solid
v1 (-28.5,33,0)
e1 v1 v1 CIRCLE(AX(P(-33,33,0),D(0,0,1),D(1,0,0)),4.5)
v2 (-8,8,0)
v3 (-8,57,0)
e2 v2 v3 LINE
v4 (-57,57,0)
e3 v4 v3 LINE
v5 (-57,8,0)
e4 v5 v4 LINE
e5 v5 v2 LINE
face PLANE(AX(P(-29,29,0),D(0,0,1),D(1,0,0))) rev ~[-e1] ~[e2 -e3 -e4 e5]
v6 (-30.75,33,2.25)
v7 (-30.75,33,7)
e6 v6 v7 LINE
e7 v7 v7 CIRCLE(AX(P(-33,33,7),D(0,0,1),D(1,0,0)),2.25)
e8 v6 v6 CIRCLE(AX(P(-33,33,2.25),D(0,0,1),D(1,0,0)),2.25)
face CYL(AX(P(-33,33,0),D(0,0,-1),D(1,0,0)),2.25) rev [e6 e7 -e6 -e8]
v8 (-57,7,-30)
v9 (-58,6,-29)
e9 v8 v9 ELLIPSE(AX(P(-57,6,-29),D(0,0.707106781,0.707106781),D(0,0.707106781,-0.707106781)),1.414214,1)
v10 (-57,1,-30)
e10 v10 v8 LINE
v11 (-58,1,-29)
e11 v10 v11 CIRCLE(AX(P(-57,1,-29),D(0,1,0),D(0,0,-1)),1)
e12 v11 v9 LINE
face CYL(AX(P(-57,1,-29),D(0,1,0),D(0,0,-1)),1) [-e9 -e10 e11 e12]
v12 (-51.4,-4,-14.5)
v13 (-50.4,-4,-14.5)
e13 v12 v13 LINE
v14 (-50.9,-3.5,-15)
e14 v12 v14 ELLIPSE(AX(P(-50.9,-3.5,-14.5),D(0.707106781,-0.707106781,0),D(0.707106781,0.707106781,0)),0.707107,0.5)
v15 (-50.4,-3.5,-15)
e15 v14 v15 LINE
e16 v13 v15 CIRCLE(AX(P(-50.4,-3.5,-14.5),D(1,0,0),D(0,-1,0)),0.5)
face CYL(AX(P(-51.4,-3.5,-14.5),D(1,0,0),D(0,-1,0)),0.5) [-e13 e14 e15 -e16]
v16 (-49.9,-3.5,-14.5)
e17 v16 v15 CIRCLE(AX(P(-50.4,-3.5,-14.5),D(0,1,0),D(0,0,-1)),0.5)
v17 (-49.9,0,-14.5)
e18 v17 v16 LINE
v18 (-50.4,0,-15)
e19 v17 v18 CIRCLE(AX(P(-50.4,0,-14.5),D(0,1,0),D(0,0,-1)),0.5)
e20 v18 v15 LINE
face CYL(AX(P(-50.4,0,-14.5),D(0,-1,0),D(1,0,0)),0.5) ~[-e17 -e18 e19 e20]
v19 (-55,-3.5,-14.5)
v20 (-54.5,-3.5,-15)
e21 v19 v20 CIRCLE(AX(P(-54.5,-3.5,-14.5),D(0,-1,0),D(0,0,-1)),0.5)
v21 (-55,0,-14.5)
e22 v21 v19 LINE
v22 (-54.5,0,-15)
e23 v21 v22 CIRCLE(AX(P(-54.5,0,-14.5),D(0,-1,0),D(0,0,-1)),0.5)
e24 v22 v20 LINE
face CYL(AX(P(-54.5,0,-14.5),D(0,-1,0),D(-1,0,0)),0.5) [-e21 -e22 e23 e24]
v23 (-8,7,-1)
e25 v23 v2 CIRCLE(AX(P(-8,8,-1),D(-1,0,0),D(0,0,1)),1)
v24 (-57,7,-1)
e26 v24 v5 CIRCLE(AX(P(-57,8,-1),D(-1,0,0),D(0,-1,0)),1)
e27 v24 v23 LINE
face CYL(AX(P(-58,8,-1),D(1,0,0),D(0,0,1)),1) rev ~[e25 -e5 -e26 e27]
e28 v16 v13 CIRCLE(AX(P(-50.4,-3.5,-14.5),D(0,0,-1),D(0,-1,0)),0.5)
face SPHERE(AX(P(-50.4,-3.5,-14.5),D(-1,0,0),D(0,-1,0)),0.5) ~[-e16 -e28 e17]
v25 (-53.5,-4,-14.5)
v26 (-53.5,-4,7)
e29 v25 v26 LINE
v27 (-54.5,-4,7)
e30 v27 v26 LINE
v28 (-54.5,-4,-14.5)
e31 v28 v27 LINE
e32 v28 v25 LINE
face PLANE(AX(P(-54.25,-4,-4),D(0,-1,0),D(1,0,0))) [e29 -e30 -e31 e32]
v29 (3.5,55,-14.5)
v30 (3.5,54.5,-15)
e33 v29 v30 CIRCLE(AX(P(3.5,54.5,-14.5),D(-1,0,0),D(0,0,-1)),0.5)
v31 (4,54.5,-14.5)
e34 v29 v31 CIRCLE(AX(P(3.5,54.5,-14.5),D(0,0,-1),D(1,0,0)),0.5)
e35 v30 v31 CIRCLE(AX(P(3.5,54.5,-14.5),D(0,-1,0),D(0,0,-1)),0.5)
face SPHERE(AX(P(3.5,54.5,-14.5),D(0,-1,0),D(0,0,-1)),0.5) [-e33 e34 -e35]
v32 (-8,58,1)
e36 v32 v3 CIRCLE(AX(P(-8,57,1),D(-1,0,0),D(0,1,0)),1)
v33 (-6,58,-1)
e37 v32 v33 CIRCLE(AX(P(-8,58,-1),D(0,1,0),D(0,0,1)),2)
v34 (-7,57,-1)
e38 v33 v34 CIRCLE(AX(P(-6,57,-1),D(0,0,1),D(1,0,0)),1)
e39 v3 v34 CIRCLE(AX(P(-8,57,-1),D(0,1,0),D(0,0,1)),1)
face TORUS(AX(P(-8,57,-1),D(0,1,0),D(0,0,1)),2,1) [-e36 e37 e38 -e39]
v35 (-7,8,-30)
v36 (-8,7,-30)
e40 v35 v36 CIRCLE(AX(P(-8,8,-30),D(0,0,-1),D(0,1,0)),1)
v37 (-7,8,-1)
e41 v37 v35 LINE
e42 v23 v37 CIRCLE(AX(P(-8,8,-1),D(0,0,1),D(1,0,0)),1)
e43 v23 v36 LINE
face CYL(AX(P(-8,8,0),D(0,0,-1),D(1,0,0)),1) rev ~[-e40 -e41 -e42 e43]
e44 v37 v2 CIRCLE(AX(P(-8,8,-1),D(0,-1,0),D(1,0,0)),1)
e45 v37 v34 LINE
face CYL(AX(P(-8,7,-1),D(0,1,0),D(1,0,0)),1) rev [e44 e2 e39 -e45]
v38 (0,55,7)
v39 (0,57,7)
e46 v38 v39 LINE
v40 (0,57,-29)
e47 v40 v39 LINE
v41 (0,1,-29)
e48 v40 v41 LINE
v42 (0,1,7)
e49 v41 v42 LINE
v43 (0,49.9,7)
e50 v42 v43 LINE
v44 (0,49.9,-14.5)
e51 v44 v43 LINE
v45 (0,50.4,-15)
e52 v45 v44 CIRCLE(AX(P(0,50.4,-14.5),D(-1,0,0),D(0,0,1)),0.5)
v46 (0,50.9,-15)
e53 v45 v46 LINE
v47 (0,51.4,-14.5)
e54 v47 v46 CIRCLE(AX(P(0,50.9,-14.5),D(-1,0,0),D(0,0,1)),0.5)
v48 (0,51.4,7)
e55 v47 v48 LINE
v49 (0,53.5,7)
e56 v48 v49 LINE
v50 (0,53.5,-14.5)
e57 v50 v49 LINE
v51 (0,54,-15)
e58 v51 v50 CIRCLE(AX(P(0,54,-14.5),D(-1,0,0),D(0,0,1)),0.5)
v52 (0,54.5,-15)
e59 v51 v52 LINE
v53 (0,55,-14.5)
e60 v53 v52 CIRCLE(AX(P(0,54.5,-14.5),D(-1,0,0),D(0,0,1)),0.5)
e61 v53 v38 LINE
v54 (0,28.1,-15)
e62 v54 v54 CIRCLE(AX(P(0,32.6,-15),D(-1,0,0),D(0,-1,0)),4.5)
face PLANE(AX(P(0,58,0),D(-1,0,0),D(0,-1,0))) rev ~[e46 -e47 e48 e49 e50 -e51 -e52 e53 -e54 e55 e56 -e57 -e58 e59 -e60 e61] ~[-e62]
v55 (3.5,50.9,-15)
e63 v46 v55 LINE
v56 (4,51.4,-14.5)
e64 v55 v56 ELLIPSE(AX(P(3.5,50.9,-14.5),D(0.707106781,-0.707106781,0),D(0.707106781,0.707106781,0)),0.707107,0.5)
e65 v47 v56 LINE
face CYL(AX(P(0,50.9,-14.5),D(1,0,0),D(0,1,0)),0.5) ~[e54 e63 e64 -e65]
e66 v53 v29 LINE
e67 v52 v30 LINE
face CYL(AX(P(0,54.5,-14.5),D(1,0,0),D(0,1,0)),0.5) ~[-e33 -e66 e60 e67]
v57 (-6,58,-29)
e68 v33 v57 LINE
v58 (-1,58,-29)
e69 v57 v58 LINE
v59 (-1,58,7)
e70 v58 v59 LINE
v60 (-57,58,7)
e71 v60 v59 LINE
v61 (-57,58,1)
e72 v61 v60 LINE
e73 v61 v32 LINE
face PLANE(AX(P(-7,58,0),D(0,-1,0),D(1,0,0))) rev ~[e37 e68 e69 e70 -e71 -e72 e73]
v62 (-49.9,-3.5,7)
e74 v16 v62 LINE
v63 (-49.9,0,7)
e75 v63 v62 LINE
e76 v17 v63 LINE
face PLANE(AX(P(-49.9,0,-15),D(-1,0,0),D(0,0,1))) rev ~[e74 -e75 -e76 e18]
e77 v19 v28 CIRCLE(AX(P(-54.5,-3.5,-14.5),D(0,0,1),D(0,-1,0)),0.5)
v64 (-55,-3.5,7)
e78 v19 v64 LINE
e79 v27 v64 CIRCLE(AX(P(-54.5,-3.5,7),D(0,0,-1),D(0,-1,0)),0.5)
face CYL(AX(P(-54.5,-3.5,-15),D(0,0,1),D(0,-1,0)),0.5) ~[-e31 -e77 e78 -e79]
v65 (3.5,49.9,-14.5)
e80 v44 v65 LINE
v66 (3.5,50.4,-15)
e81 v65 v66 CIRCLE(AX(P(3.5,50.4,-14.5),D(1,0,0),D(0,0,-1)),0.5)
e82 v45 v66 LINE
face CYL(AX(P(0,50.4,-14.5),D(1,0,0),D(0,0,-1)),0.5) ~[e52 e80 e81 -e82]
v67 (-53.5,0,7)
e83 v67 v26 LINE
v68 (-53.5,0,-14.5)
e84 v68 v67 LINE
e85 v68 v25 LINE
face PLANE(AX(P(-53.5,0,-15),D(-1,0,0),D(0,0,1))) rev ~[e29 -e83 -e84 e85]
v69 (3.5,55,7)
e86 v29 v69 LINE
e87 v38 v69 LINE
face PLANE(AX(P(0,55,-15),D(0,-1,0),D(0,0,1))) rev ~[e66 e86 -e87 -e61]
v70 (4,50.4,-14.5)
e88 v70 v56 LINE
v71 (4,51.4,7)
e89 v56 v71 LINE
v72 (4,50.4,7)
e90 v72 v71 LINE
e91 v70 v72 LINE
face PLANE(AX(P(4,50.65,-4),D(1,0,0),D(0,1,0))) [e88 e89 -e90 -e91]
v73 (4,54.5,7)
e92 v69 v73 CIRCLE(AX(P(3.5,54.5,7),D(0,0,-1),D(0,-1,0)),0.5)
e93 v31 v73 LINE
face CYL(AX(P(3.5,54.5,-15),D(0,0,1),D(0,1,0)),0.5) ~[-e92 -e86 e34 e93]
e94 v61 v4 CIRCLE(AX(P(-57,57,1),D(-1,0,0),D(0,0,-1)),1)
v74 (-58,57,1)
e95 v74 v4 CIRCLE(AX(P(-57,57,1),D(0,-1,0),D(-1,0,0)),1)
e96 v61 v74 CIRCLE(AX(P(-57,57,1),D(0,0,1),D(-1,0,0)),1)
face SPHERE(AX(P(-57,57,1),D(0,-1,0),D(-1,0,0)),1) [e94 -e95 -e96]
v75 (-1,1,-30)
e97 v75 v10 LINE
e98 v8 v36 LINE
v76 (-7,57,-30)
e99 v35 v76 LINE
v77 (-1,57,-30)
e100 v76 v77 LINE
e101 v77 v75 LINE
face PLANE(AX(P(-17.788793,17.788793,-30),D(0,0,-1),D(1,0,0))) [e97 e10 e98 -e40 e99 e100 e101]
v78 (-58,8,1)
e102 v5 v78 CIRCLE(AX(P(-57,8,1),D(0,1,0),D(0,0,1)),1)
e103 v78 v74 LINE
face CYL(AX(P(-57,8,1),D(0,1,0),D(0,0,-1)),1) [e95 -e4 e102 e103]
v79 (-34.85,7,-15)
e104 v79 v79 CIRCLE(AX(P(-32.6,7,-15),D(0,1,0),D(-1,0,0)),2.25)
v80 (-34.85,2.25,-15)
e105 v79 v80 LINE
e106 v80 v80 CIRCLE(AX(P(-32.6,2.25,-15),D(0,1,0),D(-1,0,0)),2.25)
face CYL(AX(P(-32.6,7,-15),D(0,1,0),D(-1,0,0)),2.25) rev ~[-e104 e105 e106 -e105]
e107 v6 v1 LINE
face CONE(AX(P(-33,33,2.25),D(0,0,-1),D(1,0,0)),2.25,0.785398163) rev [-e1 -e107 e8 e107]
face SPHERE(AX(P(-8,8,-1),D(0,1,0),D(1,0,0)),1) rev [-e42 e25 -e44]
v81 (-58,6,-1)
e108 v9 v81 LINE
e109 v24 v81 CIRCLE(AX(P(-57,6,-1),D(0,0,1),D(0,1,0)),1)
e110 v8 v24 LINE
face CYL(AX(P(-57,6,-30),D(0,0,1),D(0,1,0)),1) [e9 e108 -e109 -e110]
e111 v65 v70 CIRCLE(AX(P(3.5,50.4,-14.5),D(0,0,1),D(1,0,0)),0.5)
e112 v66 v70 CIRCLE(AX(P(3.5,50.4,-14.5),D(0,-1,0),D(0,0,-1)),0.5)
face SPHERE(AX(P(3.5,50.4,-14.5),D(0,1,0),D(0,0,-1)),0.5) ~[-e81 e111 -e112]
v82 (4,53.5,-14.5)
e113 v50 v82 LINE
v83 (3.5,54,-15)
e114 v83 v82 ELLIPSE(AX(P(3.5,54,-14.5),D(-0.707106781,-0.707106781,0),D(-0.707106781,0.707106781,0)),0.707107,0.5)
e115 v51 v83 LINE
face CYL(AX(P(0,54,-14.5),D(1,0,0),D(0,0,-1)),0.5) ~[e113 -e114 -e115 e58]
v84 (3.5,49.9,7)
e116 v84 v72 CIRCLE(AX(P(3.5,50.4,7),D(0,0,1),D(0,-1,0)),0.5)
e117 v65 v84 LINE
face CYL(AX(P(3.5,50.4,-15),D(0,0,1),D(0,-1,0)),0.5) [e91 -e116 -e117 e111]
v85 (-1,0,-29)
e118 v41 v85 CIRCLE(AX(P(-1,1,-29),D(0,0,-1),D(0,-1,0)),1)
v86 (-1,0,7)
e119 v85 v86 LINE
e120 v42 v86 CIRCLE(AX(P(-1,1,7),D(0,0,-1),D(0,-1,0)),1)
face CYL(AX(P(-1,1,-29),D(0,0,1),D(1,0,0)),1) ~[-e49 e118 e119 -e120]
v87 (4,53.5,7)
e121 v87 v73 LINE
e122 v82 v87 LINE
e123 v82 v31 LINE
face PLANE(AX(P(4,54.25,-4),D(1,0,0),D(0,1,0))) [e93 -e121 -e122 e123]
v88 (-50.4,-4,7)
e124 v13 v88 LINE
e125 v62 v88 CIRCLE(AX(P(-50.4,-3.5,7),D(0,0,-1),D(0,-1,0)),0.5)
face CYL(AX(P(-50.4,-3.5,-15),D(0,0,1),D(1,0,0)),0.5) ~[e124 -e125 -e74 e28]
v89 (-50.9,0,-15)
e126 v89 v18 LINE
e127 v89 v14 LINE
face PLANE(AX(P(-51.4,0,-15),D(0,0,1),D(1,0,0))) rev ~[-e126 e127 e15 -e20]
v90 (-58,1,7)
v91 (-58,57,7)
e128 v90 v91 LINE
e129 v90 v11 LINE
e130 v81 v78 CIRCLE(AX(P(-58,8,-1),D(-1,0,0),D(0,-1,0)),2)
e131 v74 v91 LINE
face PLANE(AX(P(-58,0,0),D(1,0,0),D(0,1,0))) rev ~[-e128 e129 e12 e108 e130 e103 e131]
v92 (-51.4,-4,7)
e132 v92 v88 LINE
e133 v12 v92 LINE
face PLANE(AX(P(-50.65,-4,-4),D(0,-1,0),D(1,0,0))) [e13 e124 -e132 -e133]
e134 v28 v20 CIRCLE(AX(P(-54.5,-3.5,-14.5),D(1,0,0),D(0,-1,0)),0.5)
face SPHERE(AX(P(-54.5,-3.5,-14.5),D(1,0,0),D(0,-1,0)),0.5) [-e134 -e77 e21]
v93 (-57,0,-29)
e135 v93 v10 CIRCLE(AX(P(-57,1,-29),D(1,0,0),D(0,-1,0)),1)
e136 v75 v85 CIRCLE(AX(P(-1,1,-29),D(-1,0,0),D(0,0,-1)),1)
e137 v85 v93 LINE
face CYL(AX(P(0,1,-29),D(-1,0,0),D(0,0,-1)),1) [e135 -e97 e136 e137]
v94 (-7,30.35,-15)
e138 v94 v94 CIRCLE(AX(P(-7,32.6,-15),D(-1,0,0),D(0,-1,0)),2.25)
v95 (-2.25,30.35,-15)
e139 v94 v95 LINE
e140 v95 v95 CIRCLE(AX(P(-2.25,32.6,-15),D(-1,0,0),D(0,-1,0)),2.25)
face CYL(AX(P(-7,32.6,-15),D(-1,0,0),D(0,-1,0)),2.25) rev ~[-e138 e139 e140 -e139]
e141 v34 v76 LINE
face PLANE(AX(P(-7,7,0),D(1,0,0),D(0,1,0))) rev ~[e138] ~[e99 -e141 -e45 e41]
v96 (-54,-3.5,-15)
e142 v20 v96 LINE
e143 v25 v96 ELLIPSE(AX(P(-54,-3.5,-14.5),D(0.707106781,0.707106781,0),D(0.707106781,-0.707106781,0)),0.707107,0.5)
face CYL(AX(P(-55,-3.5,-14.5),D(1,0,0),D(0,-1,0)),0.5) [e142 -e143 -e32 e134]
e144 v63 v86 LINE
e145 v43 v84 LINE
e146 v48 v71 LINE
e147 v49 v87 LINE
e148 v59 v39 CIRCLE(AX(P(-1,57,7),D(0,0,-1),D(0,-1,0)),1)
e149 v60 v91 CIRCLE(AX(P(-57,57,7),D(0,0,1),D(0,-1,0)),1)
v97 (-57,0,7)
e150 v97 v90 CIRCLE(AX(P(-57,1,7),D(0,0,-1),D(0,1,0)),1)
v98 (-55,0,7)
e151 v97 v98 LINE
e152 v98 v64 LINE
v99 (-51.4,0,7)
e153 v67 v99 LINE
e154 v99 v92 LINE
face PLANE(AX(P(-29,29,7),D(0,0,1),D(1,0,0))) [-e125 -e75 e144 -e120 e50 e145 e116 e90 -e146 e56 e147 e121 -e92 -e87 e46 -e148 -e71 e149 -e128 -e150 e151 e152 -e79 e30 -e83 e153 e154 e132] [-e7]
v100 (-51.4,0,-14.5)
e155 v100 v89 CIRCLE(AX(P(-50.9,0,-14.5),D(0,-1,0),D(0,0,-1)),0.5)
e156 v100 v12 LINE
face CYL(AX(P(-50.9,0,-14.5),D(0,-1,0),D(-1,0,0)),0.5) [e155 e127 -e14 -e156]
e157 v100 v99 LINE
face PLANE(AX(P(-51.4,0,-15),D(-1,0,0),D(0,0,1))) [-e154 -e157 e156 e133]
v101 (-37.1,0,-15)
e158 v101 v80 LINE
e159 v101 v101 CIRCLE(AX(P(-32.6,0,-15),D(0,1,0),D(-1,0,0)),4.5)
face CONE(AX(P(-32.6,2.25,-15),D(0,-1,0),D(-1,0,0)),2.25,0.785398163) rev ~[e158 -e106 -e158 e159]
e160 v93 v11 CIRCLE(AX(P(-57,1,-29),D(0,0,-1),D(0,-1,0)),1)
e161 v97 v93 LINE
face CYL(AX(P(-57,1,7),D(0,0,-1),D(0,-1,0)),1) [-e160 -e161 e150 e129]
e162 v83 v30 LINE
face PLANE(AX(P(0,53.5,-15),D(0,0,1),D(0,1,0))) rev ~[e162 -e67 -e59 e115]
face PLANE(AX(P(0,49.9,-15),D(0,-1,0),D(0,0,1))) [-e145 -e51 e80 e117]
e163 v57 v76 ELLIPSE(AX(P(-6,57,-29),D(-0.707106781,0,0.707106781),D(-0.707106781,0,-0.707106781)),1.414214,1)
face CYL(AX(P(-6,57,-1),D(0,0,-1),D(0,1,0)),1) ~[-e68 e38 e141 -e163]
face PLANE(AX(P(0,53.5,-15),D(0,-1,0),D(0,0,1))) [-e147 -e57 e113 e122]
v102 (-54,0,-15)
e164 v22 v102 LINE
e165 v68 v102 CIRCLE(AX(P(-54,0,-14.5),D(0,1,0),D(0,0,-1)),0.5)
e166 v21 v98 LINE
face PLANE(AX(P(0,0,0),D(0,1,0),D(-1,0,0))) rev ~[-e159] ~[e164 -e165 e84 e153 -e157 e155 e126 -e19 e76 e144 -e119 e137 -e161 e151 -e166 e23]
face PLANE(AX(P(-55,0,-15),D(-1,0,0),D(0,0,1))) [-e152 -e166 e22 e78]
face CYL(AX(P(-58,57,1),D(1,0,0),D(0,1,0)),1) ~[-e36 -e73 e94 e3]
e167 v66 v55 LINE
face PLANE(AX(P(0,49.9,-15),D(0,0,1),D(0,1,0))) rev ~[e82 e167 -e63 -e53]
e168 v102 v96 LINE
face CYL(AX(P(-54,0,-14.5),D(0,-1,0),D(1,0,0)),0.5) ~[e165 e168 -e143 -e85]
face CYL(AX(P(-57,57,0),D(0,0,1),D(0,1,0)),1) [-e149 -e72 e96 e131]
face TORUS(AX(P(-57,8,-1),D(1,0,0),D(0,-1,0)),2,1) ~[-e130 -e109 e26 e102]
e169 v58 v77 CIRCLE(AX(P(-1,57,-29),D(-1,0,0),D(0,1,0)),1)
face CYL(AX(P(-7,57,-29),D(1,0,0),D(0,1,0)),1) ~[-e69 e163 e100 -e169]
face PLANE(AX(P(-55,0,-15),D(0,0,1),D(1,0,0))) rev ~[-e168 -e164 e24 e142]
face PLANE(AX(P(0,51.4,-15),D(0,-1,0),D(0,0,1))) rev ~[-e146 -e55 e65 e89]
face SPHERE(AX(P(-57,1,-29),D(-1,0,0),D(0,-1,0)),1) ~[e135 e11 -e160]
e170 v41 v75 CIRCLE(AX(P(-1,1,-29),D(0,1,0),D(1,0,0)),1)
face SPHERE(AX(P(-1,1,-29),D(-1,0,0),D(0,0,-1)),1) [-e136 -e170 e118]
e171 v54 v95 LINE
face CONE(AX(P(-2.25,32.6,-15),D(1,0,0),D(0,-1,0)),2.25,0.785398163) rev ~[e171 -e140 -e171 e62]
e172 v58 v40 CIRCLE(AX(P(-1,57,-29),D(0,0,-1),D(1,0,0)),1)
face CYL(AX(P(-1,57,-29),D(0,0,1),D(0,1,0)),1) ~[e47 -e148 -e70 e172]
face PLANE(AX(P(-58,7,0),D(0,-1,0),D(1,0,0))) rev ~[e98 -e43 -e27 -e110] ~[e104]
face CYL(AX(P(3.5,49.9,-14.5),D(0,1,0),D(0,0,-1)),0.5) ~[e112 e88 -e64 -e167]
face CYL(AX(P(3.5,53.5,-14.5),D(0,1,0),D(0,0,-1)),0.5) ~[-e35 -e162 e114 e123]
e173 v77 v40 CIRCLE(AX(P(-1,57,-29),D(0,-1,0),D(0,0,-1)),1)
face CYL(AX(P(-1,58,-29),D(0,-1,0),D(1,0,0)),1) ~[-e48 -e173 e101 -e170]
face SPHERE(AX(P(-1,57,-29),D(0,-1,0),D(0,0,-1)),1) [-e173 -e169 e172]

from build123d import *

# Parameters (mm, degrees)
F0_W      = 58
F0_H      = 58
F0_R      = 2.25
F1_DEPTH  = 7
F3_DEPTH  = 30
F4_R      = 2.25
F5_DEPTH  = 25
F6_R      = 2.25
F7_DEPTH  = 25
F8_R      = 1
F9_R      = 1
F10_R     = 1
F11_R     = 1
F12_SIZE2 = 2.25
F12_SIZE  = 2.25
F13_W     = 1.5
F13_H     = 22
F14_DEPTH = 4
F15_W     = 1.5
F15_H     = 22
F16_DEPTH = 4
F17_R     = 0.5
F18_R     = 0.5


with BuildPart() as f1:
    # F0 (on Top) → F1 (new body)
    with BuildSketch(Plane.XY):
        with Locations((-29, 29)):
            Rectangle(F0_W, F0_H)
        with Locations((-33, 33)):
            Circle(F0_R, mode=Mode.SUBTRACT)
    extrude(amount=F1_DEPTH)

    # F2 (on face) → F3 (join)
    with BuildSketch(Plane(origin=(0, 0, 0), x_dir=(1, 0, 0), z_dir=(0, 0, -1))):
        Polygon((0, -58), (0, 0), (-58, 0), (-58, -7), (-7, -7), (-7, -58), align=None)
    extrude(amount=F3_DEPTH)

    # F4 (on face) → F5 (cut)
    with BuildSketch(Plane(origin=(-7, 0, 0), x_dir=(0, -1, 0), z_dir=(-1, 0, 0))):
        with Locations((-32.6, -15)):
            Circle(F4_R)
    extrude(amount=-F5_DEPTH, mode=Mode.SUBTRACT)

    # F6 (on face) → F7 (cut)
    with BuildSketch(Plane(origin=(0, 7, 0), x_dir=(-1, 0, 0), z_dir=(0, 1, 0))):
        with Locations((32.6, -15)):
            Circle(F6_R)
    extrude(amount=-F7_DEPTH, mode=Mode.SUBTRACT)

    # F8
    f8_edges = [f1.edges().sort_by_distance(p)[0] for p in [
        (-29, 0, -30),
    ]]
    fillet(f8_edges, radius=F8_R)

    # F9
    f9_edges = [f1.edges().sort_by_distance(p)[0] for p in [
        (0, 29.5, -30),
    ]]
    fillet(f9_edges, radius=F9_R)

    # F10
    f10_edges = [f1.edges().sort_by_distance(p)[0] for p in [
        (-7, 32.5, 0),
        (-7, 7, -15),
        (-32.5, 7, 0),
    ]]
    fillet(f10_edges, radius=F10_R)

    # F11
    f11_edges = [f1.edges().sort_by_distance(p)[0] for p in [
        (-58, 4, -30),
        (-58, 0, -11),
        (-58, 33, 0),
        (-58, 7, -15.5),
        (-58, 7.292893, -0.292893),
        (-58, 0.292893, -29.707107),
        (-58, 58, 3.5),
        (-33, 58, 0),
        (-7.292893, 58, -0.292893),
        (-4, 58, -30),
        (-7, 58, -15.5),
        (0, 58, -11),
    ]]
    fillet(f11_edges, radius=F11_R)

    # F12
    f12_edges = [f1.edges().sort_by_distance(p)[0] for p in [
        (-35.25, 33, 0),
        (-30.35, 0, -15),
        (0, 34.85, -15),
    ]]
    chamfer(f12_edges, length=F12_SIZE, length2=F12_SIZE2)

    # F13 (on face) → F14 (join)
    with BuildSketch(Plane.XZ):
        with Locations((-50.65, -4)):
            Rectangle(F13_W, F13_H)
        with Locations((-54.25, -4)):
            Rectangle(F13_W, F13_H)
    extrude(amount=F14_DEPTH)

    # F15 (on face) → F16 (join)
    with BuildSketch(Plane.YZ):
        with Locations((54.25, -4)):
            Rectangle(F15_W, F15_H)
        with Locations((50.65, -4)):
            Rectangle(F15_W, F15_H)
    extrude(amount=F16_DEPTH)

    # F17
    f17_edges = [f1.edges().sort_by_distance(p)[0] for p in [
        (4, 54.25, -15),
        (4, 50.65, -15),
        (2, 51.4, -15),
        (2, 49.9, -15),
        (4, 49.9, -4),
        (2, 53.5, -15),
        (2, 55, -15),
        (4, 55, -4),
    ]]
    fillet(f17_edges, radius=F17_R)

    # F18
    f18_edges = [f1.edges().sort_by_distance(p)[0] for p in [
        (-50.65, -4, -15),
        (-54.25, -4, -15),
        (-49.9, -4, -4),
        (-49.9, -2, -15),
        (-55, -4, -4),
        (-55, -2, -15),
        (-53.5, -2, -15),
        (-51.4, -2, -15),
    ]]
    fillet(f18_edges, radius=F18_R)


solid = f1.part
